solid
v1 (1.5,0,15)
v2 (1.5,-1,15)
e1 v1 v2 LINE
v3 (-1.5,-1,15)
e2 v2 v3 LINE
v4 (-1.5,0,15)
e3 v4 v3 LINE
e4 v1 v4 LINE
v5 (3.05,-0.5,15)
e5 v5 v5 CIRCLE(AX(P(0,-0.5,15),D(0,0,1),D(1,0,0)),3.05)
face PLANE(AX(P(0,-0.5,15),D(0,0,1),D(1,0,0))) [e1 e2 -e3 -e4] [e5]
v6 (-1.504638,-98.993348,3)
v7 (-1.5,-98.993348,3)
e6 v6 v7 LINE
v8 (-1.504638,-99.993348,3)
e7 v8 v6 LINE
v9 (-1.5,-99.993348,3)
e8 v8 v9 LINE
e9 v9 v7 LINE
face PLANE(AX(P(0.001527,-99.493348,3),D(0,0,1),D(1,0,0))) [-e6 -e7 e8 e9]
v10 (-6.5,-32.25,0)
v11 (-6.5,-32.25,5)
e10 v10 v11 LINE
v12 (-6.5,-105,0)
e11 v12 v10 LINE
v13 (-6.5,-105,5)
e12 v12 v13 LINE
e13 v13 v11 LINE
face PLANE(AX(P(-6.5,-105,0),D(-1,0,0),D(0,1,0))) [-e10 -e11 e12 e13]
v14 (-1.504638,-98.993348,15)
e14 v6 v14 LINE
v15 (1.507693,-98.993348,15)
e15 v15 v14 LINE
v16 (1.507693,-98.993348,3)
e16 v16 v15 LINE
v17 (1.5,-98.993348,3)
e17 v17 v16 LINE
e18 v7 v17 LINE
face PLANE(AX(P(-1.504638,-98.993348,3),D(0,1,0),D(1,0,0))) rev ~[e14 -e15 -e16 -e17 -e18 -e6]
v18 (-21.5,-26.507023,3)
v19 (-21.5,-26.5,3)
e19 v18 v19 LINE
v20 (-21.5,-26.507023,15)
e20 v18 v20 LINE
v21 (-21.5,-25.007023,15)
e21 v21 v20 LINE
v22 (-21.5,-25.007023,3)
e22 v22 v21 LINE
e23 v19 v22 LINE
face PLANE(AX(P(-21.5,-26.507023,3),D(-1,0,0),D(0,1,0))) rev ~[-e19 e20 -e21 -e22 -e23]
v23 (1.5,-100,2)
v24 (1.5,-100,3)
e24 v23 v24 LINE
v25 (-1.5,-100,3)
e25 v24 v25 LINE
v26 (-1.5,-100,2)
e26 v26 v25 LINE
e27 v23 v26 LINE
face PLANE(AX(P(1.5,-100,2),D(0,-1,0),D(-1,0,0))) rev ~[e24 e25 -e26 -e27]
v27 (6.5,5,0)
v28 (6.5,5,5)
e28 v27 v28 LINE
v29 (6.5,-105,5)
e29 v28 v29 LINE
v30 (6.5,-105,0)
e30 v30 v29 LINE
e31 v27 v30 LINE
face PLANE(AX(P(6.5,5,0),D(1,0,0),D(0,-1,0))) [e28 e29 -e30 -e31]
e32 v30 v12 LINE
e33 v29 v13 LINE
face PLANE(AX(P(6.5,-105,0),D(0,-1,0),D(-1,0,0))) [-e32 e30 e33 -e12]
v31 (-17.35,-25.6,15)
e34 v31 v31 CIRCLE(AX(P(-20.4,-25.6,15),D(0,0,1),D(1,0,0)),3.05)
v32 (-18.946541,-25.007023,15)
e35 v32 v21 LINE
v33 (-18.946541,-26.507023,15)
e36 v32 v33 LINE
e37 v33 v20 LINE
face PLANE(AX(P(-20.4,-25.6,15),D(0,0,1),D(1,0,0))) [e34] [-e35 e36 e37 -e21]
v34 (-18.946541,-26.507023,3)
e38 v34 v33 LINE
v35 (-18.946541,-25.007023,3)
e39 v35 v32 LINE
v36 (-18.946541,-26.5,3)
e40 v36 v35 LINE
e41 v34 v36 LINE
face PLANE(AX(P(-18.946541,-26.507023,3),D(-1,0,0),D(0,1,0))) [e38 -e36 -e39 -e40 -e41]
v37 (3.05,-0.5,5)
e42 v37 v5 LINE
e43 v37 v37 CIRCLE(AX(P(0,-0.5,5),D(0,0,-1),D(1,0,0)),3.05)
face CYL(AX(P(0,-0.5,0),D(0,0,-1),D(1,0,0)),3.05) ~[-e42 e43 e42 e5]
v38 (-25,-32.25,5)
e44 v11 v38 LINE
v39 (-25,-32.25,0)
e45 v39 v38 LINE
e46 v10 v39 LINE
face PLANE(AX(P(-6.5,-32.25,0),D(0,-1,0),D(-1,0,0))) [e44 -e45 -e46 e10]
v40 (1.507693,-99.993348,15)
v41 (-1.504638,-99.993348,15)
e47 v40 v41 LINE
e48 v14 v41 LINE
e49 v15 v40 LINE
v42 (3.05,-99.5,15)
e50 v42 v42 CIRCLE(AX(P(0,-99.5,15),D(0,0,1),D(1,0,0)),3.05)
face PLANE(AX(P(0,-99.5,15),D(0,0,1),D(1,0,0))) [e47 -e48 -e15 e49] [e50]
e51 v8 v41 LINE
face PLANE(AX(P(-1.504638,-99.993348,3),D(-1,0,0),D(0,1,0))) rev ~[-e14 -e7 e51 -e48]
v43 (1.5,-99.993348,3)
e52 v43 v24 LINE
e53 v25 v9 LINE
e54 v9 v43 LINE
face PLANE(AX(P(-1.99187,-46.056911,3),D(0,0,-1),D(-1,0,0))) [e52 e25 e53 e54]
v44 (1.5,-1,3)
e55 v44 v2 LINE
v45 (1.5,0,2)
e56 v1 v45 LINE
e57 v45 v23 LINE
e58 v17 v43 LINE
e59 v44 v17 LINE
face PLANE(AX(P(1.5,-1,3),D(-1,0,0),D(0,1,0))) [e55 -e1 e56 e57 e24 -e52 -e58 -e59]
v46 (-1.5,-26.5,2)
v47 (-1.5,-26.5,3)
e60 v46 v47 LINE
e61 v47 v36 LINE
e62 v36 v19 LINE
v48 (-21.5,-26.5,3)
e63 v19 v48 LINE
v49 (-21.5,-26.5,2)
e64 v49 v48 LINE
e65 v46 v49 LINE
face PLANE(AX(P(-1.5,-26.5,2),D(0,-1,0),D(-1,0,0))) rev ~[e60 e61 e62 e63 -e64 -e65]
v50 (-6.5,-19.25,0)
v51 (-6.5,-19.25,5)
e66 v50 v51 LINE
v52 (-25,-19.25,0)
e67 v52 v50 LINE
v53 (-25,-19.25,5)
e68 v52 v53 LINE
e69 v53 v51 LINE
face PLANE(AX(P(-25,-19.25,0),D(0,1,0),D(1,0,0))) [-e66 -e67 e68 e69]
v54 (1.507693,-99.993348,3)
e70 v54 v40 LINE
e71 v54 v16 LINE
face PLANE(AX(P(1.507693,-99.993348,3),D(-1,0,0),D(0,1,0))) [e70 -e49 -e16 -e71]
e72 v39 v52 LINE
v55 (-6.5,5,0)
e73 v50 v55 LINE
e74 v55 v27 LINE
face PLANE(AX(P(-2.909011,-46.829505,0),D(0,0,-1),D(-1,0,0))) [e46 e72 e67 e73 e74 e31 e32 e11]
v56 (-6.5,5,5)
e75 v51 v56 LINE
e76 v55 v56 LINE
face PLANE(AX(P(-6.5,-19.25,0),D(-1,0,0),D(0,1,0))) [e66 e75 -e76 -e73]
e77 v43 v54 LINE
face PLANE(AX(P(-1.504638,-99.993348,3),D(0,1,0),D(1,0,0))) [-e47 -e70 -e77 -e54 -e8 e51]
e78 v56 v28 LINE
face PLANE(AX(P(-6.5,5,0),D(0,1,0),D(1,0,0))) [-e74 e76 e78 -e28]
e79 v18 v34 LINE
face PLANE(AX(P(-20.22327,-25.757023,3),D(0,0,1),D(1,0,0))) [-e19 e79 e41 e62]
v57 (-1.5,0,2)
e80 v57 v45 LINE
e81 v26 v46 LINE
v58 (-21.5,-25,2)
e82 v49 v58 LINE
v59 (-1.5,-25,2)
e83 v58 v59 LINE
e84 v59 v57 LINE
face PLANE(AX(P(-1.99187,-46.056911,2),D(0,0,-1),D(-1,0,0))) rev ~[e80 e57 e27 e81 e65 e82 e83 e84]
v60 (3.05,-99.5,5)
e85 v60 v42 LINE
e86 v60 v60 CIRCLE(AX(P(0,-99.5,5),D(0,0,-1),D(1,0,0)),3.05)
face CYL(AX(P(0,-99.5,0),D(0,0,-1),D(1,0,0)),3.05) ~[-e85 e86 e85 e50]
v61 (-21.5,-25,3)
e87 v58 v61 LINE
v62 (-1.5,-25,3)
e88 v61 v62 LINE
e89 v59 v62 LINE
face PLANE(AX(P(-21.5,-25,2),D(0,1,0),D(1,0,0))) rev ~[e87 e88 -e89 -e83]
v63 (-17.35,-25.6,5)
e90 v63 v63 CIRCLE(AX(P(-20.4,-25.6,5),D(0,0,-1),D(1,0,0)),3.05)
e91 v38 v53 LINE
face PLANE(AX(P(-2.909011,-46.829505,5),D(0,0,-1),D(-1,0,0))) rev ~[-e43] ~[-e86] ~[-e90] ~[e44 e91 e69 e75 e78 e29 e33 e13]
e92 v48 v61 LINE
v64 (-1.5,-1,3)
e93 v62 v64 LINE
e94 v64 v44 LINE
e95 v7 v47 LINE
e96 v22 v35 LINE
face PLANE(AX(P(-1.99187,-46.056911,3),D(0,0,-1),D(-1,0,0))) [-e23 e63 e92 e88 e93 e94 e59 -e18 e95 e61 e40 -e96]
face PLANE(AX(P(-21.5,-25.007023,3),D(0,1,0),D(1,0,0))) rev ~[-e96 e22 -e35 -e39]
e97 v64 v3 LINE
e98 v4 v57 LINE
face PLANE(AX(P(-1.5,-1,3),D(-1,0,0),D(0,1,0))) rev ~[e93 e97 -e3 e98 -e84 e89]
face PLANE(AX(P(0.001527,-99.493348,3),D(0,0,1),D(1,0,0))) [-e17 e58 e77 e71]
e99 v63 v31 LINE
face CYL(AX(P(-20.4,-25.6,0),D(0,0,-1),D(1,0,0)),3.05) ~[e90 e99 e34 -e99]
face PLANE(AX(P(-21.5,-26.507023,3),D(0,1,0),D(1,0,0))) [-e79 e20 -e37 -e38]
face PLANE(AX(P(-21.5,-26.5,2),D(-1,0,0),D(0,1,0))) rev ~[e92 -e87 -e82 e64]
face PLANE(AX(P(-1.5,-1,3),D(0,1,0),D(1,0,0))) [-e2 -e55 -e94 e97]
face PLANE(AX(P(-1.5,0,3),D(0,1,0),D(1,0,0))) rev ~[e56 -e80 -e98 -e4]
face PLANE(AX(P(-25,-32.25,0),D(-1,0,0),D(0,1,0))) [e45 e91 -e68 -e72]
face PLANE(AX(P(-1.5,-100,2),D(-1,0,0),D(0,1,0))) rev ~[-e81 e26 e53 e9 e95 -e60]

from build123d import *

# Parameters (mm, degrees)
PAD_DEPTH         = 1
SKETCH001_W       = 3
SKETCH001_H       = 1
SKETCH001_W_2     = 3.012331
SKETCH001_W_3     = 2.553459
SKETCH001_H_2     = 1.5
PAD001_DEPTH      = 20
CYLINDER_R        = 3.05
CYLINDER_DEPTH    = 15
CYLINDER002_R     = 3.05
CYLINDER002_DEPTH = 15
PAD002_DEPTH      = 5
CYLINDER001_R     = 3.05
CYLINDER001_DEPTH = 15


with BuildPart() as channels_with_connection:
    # Sketch → Pad (new body)
    with BuildSketch(Plane.XY.offset(2)):
        Polygon((-1.5, 0), (1.5, 0), (1.5, -100), (-1.5, -100), (-1.5, -26.5), (-21.5, -26.5), (-21.5, -25), (-1.5, -25), align=None)
    extrude(amount=PAD_DEPTH)

    # Sketch001 → Pad001 (new body)
    with BuildSketch(Plane.XY.offset(3)):
        with Locations((0, -0.5)):
            Rectangle(SKETCH001_W, SKETCH001_H)
        with Locations((0.001527, -99.493348)):
            Rectangle(SKETCH001_W_2, SKETCH001_H)
        with Locations((-20.22327, -25.757023)):
            Rectangle(SKETCH001_W_3, SKETCH001_H_2)
    extrude(amount=PAD001_DEPTH)


with BuildPart() as cylinder:
    # Cylinder → Cylinder (new body)
    with BuildSketch(Plane(origin=(0, -0.5, 0), x_dir=(1, 0, 0), z_dir=(0, 0, 1))):
        Circle(CYLINDER_R)
    extrude(amount=CYLINDER_DEPTH)


with BuildPart() as cylinder002:
    # Cylinder002 → Cylinder002 (new body)
    with BuildSketch(Plane(origin=(-20.4, -25.6, 0), x_dir=(1, 0, 0), z_dir=(0, 0, 1))):
        Circle(CYLINDER002_R)
    extrude(amount=CYLINDER002_DEPTH)


with BuildPart() as volume_medium:
    # Sketch002 → Pad002 (new body)
    with BuildSketch(Plane.XY):
        Polygon((-6.5, 5), (6.5, 5), (6.5, -105), (-6.5, -105), (-6.5, -32.25), (-25, -32.25), (-25, -19.25), (-6.5, -19.25), align=None)
    extrude(amount=PAD002_DEPTH)


with BuildPart() as t_junction:
    # Cylinder001 → Cylinder001 (new body)
    with BuildSketch(Plane(origin=(0, -99.5, 0), x_dir=(1, 0, 0), z_dir=(0, 0, 1))):
        Circle(CYLINDER001_R)
    extrude(amount=CYLINDER001_DEPTH)

    # Fusion: union Cylinder, Cylinder002, volume_medium
    add(cylinder.part)
    add(cylinder002.part)
    add(volume_medium.part)

    # Cut: cut channels_with_connection
    add(channels_with_connection.part, mode=Mode.SUBTRACT)


solid = t_junction.part
